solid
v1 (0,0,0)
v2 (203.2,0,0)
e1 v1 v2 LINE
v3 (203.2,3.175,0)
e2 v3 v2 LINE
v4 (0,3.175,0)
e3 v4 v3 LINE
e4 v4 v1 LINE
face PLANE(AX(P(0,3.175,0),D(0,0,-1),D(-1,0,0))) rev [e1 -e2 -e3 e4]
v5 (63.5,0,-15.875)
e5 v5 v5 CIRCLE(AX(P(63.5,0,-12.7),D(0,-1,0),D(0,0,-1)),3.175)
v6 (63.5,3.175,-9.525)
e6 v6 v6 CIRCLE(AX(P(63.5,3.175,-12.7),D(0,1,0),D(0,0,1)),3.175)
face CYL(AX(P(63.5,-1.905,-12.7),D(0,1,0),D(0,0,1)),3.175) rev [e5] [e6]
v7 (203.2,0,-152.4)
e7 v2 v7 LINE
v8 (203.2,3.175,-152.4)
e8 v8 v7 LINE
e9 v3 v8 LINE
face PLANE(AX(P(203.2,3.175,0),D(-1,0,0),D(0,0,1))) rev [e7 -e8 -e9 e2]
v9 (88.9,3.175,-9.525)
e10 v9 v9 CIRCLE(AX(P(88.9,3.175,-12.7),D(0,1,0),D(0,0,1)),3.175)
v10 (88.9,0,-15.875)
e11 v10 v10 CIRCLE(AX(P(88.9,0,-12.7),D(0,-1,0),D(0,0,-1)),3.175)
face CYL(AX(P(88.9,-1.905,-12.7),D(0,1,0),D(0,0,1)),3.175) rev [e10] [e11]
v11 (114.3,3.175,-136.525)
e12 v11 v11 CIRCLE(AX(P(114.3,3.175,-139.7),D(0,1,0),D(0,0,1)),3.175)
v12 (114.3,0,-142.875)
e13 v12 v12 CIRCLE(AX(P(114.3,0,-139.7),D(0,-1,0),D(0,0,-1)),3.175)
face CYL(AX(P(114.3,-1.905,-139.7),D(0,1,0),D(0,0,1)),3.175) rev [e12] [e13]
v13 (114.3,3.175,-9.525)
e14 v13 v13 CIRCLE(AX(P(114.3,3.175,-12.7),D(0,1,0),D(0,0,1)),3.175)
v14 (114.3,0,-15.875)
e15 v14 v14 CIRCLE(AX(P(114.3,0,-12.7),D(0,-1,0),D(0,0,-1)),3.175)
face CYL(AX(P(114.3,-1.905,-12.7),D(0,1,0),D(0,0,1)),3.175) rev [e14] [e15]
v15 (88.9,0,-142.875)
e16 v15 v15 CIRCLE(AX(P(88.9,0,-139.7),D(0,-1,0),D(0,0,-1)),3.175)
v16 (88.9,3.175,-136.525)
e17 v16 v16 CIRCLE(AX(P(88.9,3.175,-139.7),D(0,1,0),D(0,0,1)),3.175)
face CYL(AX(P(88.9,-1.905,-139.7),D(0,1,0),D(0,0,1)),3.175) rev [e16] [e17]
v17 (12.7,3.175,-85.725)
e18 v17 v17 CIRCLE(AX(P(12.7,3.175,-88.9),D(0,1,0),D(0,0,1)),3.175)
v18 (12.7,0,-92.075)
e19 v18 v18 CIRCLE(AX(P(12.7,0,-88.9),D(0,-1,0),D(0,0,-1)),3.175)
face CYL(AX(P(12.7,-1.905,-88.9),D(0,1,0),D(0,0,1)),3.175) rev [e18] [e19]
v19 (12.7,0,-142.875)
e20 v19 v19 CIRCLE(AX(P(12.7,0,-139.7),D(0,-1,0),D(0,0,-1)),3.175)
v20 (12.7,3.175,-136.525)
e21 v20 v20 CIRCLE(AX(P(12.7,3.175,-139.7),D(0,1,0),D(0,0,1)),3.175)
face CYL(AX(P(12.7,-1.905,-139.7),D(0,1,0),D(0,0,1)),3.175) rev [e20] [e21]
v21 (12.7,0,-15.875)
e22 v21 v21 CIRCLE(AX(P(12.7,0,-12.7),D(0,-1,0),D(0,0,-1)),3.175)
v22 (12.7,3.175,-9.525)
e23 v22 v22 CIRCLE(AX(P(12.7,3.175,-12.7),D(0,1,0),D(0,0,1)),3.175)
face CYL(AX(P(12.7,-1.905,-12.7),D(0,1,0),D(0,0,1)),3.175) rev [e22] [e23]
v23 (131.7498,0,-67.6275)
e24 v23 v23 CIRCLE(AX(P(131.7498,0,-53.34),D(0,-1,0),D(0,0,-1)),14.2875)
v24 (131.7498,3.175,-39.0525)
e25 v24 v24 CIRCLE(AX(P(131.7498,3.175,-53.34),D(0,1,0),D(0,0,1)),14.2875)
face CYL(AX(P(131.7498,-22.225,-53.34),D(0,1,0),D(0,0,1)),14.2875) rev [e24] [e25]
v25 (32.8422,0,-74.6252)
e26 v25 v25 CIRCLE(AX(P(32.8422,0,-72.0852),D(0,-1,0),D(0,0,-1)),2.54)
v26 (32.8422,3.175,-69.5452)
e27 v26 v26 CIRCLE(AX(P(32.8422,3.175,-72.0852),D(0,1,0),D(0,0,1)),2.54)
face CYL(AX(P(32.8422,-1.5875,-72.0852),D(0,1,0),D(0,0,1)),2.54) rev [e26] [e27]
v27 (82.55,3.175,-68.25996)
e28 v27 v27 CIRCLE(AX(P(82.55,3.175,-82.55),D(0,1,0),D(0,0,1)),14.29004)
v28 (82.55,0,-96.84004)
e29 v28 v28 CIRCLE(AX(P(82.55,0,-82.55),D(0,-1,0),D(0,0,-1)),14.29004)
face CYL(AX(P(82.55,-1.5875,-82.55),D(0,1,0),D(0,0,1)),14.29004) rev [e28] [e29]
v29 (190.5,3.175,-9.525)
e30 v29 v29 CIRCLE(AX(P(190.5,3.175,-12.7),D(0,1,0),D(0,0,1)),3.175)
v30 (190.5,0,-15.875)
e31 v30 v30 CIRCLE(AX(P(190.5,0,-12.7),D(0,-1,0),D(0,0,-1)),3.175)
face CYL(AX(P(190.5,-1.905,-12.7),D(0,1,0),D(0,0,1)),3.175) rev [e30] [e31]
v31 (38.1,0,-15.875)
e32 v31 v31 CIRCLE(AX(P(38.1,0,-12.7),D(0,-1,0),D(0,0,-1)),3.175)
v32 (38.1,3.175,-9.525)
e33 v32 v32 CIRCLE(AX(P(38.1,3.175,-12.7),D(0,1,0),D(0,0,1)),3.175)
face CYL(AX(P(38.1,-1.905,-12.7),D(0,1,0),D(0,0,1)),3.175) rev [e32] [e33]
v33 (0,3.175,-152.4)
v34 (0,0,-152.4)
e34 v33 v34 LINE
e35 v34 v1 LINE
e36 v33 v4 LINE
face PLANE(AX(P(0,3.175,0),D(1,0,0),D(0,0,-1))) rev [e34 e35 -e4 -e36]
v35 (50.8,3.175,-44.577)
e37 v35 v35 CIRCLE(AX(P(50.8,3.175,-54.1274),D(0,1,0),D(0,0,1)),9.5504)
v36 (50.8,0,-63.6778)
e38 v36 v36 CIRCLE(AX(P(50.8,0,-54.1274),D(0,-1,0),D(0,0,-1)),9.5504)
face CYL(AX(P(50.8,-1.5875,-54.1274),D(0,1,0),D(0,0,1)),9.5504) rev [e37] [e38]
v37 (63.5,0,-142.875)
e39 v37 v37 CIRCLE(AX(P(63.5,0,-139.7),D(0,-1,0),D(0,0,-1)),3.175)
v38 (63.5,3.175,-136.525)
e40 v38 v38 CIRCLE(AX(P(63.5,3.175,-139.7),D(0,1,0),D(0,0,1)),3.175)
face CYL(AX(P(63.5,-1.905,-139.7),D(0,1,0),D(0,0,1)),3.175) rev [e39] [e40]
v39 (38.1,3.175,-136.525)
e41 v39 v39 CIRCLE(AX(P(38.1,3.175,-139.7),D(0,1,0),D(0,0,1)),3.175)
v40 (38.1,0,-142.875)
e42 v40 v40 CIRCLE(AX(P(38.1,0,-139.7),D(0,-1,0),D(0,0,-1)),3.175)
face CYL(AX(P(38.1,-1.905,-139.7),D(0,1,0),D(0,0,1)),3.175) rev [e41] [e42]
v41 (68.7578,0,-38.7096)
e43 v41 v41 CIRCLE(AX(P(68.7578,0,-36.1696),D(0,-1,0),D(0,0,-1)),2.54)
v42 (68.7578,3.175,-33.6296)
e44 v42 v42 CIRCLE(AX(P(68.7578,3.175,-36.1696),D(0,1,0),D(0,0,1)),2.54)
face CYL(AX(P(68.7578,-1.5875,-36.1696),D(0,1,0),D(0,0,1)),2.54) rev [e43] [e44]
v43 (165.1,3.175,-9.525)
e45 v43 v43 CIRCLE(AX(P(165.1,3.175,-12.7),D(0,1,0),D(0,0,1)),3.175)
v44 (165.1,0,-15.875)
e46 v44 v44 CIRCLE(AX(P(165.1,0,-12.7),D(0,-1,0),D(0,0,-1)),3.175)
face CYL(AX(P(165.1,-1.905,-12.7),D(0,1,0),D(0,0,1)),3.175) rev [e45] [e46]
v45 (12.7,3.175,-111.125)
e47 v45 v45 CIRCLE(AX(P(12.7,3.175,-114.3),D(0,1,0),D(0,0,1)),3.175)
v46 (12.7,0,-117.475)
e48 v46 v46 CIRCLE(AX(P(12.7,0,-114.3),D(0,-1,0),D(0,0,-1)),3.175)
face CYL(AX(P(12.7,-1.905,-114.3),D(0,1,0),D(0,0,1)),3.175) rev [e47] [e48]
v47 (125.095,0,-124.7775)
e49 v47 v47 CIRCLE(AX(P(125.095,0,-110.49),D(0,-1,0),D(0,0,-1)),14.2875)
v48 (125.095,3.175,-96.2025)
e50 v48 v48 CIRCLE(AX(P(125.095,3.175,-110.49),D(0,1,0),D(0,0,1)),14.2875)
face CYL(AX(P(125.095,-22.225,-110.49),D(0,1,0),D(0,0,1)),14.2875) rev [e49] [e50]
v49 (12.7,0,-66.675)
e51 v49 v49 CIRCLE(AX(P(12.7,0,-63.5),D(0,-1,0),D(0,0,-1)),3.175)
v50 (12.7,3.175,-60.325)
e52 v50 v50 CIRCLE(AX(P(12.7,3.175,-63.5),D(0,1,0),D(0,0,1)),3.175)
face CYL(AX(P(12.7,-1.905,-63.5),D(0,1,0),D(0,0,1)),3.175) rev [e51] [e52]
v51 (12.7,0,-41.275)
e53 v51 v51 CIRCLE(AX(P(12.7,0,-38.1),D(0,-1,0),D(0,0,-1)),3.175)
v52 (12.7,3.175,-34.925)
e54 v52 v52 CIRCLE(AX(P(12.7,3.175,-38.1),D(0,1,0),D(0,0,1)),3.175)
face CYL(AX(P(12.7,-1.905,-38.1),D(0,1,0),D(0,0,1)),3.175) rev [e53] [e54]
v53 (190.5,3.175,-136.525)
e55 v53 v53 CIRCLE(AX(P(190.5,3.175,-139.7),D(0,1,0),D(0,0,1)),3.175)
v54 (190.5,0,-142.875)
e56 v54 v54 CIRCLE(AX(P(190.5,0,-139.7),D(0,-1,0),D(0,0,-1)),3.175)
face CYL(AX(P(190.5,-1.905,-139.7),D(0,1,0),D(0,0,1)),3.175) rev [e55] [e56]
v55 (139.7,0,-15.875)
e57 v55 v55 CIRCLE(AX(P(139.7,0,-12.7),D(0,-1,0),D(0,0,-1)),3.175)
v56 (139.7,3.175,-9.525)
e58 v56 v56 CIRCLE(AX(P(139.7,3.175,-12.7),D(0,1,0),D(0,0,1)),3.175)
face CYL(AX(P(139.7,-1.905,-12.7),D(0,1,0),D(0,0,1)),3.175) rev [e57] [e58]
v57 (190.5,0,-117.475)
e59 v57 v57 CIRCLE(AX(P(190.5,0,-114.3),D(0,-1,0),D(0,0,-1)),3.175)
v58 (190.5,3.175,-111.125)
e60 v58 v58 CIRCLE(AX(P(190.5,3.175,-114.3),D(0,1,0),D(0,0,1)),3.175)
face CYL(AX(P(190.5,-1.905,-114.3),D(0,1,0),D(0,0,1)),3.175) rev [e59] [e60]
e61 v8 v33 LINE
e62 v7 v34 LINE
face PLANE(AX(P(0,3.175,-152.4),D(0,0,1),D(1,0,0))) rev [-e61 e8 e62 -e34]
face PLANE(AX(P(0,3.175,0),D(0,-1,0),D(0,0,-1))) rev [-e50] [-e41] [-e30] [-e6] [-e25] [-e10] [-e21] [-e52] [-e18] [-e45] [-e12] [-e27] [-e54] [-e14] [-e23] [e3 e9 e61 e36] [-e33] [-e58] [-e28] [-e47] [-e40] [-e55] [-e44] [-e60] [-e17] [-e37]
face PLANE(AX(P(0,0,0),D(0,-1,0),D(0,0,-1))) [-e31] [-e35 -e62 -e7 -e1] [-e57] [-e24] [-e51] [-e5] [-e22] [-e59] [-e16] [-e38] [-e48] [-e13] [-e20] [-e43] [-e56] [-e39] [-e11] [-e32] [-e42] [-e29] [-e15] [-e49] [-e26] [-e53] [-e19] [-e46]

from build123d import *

# Parameters (mm, degrees)
SKETCH1_W           = 203.2
SKETCH1_H           = 152.4
BOSS_EXTRUDE1_DEPTH = 3.175
SKETCH5_R           = 9.5504
SKETCH5_R_2         = 2.54
CUT_EXTRUDE4_DEPTH  = 4.7625
SKETCH6_R           = 14.29004
CUT_EXTRUDE5_DEPTH  = 4.7625
SKETCH4_R           = 3.175
CUT_EXTRUDE7_DEPTH  = 5.08
SKETCH7_R           = 14.2875
CUT_EXTRUDE8_DEPTH  = 25.4


with BuildPart() as part:
    # Sketch1 → Boss-Extrude1 (new body)
    with BuildSketch(Plane(origin=(0, 0, 0), x_dir=(1, 0, 0), z_dir=(0, 1, 0))):
        with Locations((101.6, 76.2)):
            Rectangle(SKETCH1_W, SKETCH1_H)
    extrude(amount=BOSS_EXTRUDE1_DEPTH)

    # Sketch5 → Cut-Extrude4 (cut)
    with BuildSketch(Plane(origin=(0, 3.175, 0), x_dir=(1, 0, 0), z_dir=(0, 1, 0))):
        with Locations(Location((50.8, 54.1274, 0), (0, 0, 270))):  # turned: the seam where the file's is
            Circle(SKETCH5_R)
        with Locations(Location((32.8422, 72.0852, 0), (0, 0, 270))):  # turned: the seam where the file's is
            Circle(SKETCH5_R_2)
        with Locations(Location((68.7578, 36.1696, 0), (0, 0, 270))):  # turned: the seam where the file's is
            Circle(SKETCH5_R_2)
    extrude(amount=-CUT_EXTRUDE4_DEPTH, mode=Mode.SUBTRACT)

    # Sketch6 → Cut-Extrude5 (cut)
    with BuildSketch(Plane(origin=(0, 3.175, 0), x_dir=(1, 0, 0), z_dir=(0, 1, 0))):
        with Locations(Location((82.55, 82.55, 0), (0, 0, 270))):  # turned: the seam where the file's is
            Circle(SKETCH6_R)
    extrude(amount=-CUT_EXTRUDE5_DEPTH, mode=Mode.SUBTRACT)

    # Sketch4 → Cut-Extrude7 (cut)
    with BuildSketch(Plane(origin=(0, 3.175, 0), x_dir=(1, 0, 0), z_dir=(0, 1, 0))):
        with Locations(Location((12.7, 12.7, 0), (0, 0, 270))):  # turned: the seam where the file's is
            Circle(SKETCH4_R)
        with Locations(Location((38.1, 12.7, 0), (0, 0, 270))):  # turned: the seam where the file's is
            Circle(SKETCH4_R)
        with Locations(Location((63.5, 12.7, 0), (0, 0, 270))):  # turned: the seam where the file's is
            Circle(SKETCH4_R)
        with Locations(Location((88.9, 12.7, 0), (0, 0, 270))):  # turned: the seam where the file's is
            Circle(SKETCH4_R)
        with Locations(Location((114.3, 12.7, 0), (0, 0, 270))):  # turned: the seam where the file's is
            Circle(SKETCH4_R)
        with Locations(Location((139.7, 12.7, 0), (0, 0, 270))):  # turned: the seam where the file's is
            Circle(SKETCH4_R)
        with Locations(Location((165.1, 12.7, 0), (0, 0, 270))):  # turned: the seam where the file's is
            Circle(SKETCH4_R)
        with Locations(Location((190.5, 12.7, 0), (0, 0, 270))):  # turned: the seam where the file's is
            Circle(SKETCH4_R)
        with Locations(Location((12.7, 38.1, 0), (0, 0, 270))):  # turned: the seam where the file's is
            Circle(SKETCH4_R)
        with Locations(Location((12.7, 63.5, 0), (0, 0, 270))):  # turned: the seam where the file's is
            Circle(SKETCH4_R)
        with Locations(Location((12.7, 88.9, 0), (0, 0, 270))):  # turned: the seam where the file's is
            Circle(SKETCH4_R)
        with Locations(Location((12.7, 114.3, 0), (0, 0, 270))):  # turned: the seam where the file's is
            Circle(SKETCH4_R)
        with Locations(Location((12.7, 139.7, 0), (0, 0, 270))):  # turned: the seam where the file's is
            Circle(SKETCH4_R)
        with Locations(Location((38.1, 139.7, 0), (0, 0, 270))):  # turned: the seam where the file's is
            Circle(SKETCH4_R)
        with Locations(Location((63.5, 139.7, 0), (0, 0, 270))):  # turned: the seam where the file's is
            Circle(SKETCH4_R)
        with Locations(Location((88.9, 139.7, 0), (0, 0, 270))):  # turned: the seam where the file's is
            Circle(SKETCH4_R)
        with Locations(Location((114.3, 139.7, 0), (0, 0, 270))):  # turned: the seam where the file's is
            Circle(SKETCH4_R)
        with Locations(Location((190.5, 114.3, 0), (0, 0, 270))):  # turned: the seam where the file's is
            Circle(SKETCH4_R)
        with Locations(Location((190.5, 139.7, 0), (0, 0, 270))):  # turned: the seam where the file's is
            Circle(SKETCH4_R)
    extrude(amount=-CUT_EXTRUDE7_DEPTH, mode=Mode.SUBTRACT)

    # Sketch7 → Cut-Extrude8 (cut)
    with BuildSketch(Plane(origin=(0, 3.175, 0), x_dir=(1, 0, 0), z_dir=(0, 1, 0))):
        with Locations(Location((125.095, 110.49, 0), (0, 0, 270))):  # turned: the seam where the file's is
            Circle(SKETCH7_R)
        with Locations(Location((131.7498, 53.34, 0), (0, 0, 270))):  # turned: the seam where the file's is
            Circle(SKETCH7_R)
    extrude(amount=-CUT_EXTRUDE8_DEPTH, mode=Mode.SUBTRACT)


solid = part.part
